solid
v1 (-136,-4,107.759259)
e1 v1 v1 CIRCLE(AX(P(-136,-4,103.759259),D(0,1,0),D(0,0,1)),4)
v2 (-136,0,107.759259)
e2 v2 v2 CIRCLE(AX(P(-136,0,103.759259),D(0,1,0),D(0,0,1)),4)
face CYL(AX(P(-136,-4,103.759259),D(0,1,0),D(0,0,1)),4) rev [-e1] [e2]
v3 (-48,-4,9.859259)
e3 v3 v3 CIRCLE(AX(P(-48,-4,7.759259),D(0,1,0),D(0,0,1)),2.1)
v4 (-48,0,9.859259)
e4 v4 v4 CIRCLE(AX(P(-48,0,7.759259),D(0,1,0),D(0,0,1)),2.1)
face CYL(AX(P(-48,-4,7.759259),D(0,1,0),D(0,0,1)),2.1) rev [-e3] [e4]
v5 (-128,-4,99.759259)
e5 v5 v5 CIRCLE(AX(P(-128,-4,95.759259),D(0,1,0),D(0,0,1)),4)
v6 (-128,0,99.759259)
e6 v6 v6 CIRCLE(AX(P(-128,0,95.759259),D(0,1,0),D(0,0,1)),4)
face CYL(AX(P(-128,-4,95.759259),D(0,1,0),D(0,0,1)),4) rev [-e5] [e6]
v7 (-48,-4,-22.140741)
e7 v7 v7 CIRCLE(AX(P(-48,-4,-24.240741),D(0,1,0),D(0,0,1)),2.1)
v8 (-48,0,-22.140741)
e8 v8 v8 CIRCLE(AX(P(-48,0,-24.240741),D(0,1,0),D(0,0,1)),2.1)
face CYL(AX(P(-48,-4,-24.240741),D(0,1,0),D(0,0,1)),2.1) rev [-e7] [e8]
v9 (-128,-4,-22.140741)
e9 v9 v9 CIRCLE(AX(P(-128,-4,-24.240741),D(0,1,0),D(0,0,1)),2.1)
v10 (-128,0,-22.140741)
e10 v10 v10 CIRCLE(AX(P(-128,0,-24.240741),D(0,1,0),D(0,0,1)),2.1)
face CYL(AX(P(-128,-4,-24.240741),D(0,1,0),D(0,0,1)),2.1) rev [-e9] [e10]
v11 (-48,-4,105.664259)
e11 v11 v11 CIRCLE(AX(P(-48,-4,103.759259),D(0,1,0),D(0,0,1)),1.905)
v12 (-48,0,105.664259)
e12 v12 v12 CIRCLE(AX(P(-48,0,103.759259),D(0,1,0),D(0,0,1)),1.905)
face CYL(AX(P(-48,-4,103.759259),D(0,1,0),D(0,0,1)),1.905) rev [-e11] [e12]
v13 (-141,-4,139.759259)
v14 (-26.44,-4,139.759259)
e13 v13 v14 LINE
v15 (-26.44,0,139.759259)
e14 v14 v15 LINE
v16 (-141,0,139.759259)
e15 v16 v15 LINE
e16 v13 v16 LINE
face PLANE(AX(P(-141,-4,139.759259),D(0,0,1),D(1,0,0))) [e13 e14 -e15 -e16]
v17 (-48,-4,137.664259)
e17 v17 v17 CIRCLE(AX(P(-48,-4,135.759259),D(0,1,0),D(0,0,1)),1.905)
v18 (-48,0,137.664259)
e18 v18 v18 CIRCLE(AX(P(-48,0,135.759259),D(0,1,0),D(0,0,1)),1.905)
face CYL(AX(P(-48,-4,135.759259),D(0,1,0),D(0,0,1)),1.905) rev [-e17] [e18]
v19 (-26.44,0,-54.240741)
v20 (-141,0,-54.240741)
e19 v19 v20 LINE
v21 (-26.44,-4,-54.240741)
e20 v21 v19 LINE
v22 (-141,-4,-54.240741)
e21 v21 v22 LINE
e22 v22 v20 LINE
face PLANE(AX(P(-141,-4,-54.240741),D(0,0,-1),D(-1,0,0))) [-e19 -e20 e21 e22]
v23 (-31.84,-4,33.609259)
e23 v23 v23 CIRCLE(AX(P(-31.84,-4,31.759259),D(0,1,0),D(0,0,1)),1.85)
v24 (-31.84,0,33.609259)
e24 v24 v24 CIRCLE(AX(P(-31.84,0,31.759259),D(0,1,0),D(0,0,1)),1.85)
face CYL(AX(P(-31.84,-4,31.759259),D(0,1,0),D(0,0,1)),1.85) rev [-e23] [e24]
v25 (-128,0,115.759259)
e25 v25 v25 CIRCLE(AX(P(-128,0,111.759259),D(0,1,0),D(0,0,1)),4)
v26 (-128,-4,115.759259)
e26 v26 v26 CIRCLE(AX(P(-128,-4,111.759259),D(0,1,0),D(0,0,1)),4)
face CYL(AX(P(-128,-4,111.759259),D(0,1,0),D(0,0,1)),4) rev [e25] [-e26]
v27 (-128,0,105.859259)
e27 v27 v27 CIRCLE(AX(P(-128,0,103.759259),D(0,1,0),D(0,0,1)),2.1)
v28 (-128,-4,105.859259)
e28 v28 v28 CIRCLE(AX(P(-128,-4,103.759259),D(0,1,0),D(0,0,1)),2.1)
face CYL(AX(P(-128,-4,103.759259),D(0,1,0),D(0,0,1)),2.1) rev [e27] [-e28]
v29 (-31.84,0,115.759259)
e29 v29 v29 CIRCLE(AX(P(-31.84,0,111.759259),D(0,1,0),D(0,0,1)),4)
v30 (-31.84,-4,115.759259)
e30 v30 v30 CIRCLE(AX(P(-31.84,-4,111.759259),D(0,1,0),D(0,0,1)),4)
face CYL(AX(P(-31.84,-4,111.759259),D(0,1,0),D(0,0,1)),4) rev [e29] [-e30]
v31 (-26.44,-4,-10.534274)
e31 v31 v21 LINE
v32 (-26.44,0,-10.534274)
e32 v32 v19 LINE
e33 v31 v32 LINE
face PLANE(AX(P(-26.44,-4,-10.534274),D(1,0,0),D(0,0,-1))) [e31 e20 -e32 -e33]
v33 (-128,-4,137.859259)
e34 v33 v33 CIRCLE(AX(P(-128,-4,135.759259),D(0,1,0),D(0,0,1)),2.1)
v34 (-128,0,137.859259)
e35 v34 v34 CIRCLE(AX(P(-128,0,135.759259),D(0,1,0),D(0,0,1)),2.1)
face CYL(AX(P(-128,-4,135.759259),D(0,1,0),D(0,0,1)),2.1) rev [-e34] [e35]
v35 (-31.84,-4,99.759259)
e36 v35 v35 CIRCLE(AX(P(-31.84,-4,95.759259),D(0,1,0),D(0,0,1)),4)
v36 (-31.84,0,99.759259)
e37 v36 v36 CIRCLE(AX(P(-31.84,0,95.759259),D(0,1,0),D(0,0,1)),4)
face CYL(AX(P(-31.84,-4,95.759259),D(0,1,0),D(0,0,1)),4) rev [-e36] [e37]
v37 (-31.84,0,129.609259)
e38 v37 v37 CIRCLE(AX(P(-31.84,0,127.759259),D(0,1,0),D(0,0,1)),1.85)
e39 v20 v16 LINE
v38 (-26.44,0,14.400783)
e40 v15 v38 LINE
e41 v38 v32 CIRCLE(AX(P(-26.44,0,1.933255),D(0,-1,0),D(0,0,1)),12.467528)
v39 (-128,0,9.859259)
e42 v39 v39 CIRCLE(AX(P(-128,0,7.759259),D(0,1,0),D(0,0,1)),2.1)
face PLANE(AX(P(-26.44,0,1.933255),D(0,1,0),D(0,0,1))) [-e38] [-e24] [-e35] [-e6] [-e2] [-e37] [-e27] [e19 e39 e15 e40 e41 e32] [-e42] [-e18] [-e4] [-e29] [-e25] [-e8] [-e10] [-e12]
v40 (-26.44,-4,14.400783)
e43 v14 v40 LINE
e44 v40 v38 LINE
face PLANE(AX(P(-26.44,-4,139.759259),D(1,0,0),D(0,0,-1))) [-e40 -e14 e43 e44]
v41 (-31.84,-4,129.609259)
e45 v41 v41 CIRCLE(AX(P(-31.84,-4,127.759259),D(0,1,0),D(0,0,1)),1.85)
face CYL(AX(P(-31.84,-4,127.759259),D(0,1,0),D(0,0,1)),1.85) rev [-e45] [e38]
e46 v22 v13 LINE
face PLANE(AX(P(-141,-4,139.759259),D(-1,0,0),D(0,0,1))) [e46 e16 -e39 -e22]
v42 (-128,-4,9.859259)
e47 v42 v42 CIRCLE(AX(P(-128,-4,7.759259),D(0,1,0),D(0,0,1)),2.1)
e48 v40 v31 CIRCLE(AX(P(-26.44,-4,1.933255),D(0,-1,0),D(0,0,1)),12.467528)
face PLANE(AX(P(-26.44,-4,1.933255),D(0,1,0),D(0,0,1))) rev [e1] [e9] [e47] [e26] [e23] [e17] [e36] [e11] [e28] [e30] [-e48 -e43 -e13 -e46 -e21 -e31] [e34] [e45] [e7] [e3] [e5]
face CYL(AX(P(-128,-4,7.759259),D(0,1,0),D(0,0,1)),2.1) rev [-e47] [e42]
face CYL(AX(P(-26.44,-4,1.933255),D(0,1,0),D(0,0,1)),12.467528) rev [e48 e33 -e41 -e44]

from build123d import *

# Parameters (mm, degrees)
SKETCH1_R           = 1.85
SKETCH1_R_2         = 1.905
SKETCH1_R_3         = 2.1
SKETCH1_R_4         = 4
BOSS_EXTRUDE1_DEPTH = 4


with BuildPart() as part:
    # Sketch1 → Boss-Extrude1 (new body)
    with BuildSketch(Plane(origin=(0, 0, 0), x_dir=(1, 0, 0), z_dir=(0, 1, 0))):
        with BuildLine():
            Line((-141, -139.759258716), (-26.44, -139.759258716))
            Line((-26.44, -139.759258716), (-26.44, -14.400783004))
            ThreePointArc((-26.44, -14.400783004), (-38.907528285, -1.933254719), (-26.44, 10.534273565))
            Line((-26.44, 10.534273565), (-26.44, 54.240741284))
            Line((-26.44, 54.240741284), (-141, 54.240741284))
            Line((-141, 54.240741284), (-141, -139.759258716))
        make_face()
        with Locations((-31.84, -31.759258716)):
            Circle(SKETCH1_R, mode=Mode.SUBTRACT)
        with Locations((-31.84, -127.759258716)):
            Circle(SKETCH1_R, mode=Mode.SUBTRACT)
        with Locations((-48, -135.759258716)):
            Circle(SKETCH1_R_2, mode=Mode.SUBTRACT)
        with Locations((-48, -103.759258716)):
            Circle(SKETCH1_R_2, mode=Mode.SUBTRACT)
        with Locations((-128, -135.759258716)):
            Circle(SKETCH1_R_3, mode=Mode.SUBTRACT)
        with Locations((-128, -103.759258716)):
            Circle(SKETCH1_R_3, mode=Mode.SUBTRACT)
        with Locations((-136, -103.759258716)):
            Circle(SKETCH1_R_4, mode=Mode.SUBTRACT)
        with Locations((-128, -95.759258716)):
            Circle(SKETCH1_R_4, mode=Mode.SUBTRACT)
        with Locations((-128, -111.759258716)):
            Circle(SKETCH1_R_4, mode=Mode.SUBTRACT)
        with Locations((-128, -7.759258716)):
            Circle(SKETCH1_R_3, mode=Mode.SUBTRACT)
        with Locations((-128, 24.240741284)):
            Circle(SKETCH1_R_3, mode=Mode.SUBTRACT)
        with Locations((-48, -7.759258716)):
            Circle(SKETCH1_R_3, mode=Mode.SUBTRACT)
        with Locations((-48, 24.240741284)):
            Circle(SKETCH1_R_3, mode=Mode.SUBTRACT)
        with Locations((-31.84, -111.759258716)):
            Circle(SKETCH1_R_4, mode=Mode.SUBTRACT)
        with Locations((-31.84, -95.759258716)):
            Circle(SKETCH1_R_4, mode=Mode.SUBTRACT)
    extrude(amount=-BOSS_EXTRUDE1_DEPTH)


solid = part.part
